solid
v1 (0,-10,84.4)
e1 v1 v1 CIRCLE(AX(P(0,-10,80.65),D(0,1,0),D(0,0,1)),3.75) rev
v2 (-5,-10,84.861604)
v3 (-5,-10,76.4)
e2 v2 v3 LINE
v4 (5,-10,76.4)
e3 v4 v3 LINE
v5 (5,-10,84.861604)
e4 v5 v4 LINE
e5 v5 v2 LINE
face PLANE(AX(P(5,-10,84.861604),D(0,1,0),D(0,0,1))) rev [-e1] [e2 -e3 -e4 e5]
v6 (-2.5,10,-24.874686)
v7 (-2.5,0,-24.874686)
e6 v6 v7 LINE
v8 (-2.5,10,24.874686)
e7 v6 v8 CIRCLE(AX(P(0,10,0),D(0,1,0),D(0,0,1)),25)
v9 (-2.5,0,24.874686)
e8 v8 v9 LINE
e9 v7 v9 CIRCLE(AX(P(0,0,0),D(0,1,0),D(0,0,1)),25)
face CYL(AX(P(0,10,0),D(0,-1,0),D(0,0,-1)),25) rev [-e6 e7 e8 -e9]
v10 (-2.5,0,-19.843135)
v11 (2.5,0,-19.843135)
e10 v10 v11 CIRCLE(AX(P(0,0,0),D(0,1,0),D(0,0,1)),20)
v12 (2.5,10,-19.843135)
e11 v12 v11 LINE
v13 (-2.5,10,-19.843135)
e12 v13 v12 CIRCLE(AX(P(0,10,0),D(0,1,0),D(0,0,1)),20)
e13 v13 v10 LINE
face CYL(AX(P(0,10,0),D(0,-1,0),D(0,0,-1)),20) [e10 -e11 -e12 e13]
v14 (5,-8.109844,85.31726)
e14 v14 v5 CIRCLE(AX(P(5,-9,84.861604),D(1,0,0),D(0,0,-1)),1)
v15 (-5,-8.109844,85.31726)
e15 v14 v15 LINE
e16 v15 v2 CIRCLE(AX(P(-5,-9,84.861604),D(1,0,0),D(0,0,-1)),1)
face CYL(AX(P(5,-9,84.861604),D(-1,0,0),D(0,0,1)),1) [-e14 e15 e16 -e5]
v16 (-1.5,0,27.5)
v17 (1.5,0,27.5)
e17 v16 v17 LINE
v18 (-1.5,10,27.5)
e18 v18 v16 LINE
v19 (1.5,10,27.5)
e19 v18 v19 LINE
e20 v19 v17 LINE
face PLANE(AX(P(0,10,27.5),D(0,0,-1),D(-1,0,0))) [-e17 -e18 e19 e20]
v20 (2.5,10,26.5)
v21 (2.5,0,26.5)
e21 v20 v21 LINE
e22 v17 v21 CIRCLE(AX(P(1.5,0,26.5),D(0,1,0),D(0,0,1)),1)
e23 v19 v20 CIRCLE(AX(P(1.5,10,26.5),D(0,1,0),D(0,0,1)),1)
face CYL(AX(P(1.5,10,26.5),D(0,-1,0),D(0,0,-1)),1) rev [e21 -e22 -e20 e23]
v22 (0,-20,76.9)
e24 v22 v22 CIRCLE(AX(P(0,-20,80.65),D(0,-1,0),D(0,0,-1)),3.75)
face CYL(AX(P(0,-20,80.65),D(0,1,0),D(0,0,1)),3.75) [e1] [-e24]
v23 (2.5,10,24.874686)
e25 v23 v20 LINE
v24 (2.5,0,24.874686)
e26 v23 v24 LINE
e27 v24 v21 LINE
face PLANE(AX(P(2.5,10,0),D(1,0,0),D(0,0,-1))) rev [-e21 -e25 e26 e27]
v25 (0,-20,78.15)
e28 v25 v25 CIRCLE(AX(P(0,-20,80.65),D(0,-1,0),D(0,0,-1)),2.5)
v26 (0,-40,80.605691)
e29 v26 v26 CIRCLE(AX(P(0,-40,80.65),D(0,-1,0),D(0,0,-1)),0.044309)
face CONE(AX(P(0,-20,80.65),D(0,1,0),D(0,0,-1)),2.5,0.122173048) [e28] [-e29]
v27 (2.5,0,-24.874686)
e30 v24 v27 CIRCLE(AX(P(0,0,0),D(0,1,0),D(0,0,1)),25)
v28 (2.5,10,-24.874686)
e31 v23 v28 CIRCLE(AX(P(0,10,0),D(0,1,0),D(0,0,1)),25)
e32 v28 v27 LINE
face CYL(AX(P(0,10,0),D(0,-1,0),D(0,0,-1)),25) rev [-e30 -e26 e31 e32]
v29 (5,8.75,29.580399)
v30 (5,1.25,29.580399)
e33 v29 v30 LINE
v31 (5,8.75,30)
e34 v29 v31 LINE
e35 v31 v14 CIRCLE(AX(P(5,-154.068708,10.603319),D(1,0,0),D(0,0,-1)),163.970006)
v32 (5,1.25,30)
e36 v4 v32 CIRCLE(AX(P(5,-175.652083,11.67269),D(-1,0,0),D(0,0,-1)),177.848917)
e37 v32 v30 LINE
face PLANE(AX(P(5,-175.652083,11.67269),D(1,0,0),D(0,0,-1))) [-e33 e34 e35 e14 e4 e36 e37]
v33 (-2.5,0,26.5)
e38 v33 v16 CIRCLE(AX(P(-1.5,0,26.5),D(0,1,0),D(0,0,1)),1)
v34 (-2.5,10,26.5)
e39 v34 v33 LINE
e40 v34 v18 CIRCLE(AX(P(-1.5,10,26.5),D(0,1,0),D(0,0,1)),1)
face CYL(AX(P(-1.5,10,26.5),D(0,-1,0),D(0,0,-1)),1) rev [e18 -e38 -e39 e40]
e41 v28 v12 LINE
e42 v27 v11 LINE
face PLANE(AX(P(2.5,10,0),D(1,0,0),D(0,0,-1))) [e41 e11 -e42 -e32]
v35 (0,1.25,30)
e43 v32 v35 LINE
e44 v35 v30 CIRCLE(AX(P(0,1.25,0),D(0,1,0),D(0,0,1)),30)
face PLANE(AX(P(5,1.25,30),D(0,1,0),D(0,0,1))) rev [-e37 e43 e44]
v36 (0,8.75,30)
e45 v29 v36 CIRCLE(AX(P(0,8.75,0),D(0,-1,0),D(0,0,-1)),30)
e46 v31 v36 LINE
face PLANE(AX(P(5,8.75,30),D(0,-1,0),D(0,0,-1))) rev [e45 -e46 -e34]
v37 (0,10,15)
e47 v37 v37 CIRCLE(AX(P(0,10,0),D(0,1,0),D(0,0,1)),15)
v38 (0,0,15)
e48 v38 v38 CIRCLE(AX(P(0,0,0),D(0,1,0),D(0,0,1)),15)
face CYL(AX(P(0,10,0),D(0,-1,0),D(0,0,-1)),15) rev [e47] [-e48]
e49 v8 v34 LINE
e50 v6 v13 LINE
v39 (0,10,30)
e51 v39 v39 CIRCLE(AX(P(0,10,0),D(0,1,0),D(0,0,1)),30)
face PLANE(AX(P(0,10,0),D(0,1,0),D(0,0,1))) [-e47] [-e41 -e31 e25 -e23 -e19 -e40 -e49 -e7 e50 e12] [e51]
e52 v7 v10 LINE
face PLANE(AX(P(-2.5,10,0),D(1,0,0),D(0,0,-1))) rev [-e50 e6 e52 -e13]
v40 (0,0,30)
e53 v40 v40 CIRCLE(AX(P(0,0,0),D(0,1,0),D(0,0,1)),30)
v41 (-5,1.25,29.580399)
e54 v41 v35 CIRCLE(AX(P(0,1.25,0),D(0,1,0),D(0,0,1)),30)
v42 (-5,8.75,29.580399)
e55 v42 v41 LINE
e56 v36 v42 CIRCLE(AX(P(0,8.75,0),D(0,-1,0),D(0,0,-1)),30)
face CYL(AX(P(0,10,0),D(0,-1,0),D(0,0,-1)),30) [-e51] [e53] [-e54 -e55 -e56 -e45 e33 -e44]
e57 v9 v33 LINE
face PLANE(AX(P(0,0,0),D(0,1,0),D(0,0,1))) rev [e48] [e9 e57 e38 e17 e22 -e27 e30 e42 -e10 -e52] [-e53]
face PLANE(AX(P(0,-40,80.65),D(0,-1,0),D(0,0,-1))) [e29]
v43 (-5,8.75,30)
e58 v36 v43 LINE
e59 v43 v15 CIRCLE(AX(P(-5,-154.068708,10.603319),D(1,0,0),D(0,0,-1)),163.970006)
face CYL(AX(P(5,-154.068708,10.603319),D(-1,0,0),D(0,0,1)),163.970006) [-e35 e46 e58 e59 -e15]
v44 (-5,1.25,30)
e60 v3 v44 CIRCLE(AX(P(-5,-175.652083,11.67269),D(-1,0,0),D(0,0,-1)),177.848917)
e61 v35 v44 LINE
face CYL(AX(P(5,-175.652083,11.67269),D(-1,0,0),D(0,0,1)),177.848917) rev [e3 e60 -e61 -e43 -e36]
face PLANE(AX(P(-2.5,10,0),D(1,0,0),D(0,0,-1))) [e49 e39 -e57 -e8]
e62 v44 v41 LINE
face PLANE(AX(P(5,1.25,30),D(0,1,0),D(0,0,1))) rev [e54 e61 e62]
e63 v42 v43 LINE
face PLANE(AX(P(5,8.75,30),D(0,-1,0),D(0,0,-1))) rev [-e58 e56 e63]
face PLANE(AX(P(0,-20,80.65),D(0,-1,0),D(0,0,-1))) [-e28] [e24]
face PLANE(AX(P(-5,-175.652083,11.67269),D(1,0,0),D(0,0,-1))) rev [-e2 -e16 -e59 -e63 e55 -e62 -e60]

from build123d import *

# Parameters (mm, degrees)
SKETCH1_R           = 30
SKETCH1_R_2         = 15
BOSS_EXTRUDE1_DEPTH = 10
BOSS_EXTRUDE2_DEPTH = 5
SKETCH3_R           = 3.75
BOSS_EXTRUDE3_DEPTH = 10
SKETCH5_R           = 2.5
BOSS_EXTRUDE4_DEPTH = 20
BOSS_EXTRUDE4_TAPER = 7


with BuildPart() as part:
    # Sketch1 → Boss-Extrude1 (new body)
    with BuildSketch(Plane(origin=(0, 0, 0), x_dir=(1, 0, 0), z_dir=(0, 1, 0))):
        Circle(SKETCH1_R)
        with BuildLine():
            ThreePointArc((-2.5, -24.874685928), (-25, 0), (-2.5, 24.874685928))
            Line((-2.5, 24.874685928), (-2.5, 19.843134833))
            ThreePointArc((-2.5, 19.843134833), (0, -20), (2.5, 19.843134833))
            Line((2.5, 19.843134833), (2.5, 24.874685928))
            ThreePointArc((2.5, 24.874685928), (25, 0), (2.5, -24.874685928))
            Line((2.5, -24.874685928), (2.5, -26.5))
            ThreePointArc((2.5, -26.5), (2.207106781, -27.207106781), (1.5, -27.5))
            Line((1.5, -27.5), (-1.5, -27.5))
            ThreePointArc((-1.5, -27.5), (-2.207106781, -27.207106781), (-2.5, -26.5))
            Line((-2.5, -26.5), (-2.5, -24.874685928))
        make_face(mode=Mode.SUBTRACT)
        Circle(SKETCH1_R_2, mode=Mode.SUBTRACT)
    extrude(amount=BOSS_EXTRUDE1_DEPTH)

    # Sketch2 → Boss-Extrude2 (add, symmetric)
    with BuildSketch(Plane(origin=(0, 0, 0), x_dir=(0, 0, -1), z_dir=(1, 0, 0))):
        with BuildLine():
            Line((-84.861603584, -10), (-76.4, -10))
            ThreePointArc((-76.4, -10), (-53.579230072, -2.810886638), (-30, 1.25))
            Line((-30, 1.25), (-27.5, 1.25))
            Line((-27.5, 1.25), (-27.5, 8.75))
            Line((-27.5, 8.75), (-30, 8.75))
            ThreePointArc((-30, 8.75), (-58.40777346, 2.778023012), (-85.317259729, -8.109844128))
            ThreePointArc((-85.317259729, -8.109844128), (-85.833754774, -9.234354569), (-84.861603584, -10))
        make_face()
    extrude(amount=BOSS_EXTRUDE2_DEPTH, both=True)

    # Sketch3 → Boss-Extrude3 (add)
    with BuildSketch(Plane(origin=(0, -10, 0), x_dir=(-1, 0, 0), z_dir=(0, -1, 0))):
        with Locations((0, -80.65)):
            Circle(SKETCH3_R)
    extrude(amount=BOSS_EXTRUDE3_DEPTH)

    # Sketch5 → Boss-Extrude4 (add)
    with BuildSketch(Plane(origin=(0, -20, 0), x_dir=(-1, 0, 0), z_dir=(0, -1, 0))):
        with Locations((0, -80.65)):
            Circle(SKETCH5_R)
    extrude(amount=BOSS_EXTRUDE4_DEPTH, taper=BOSS_EXTRUDE4_TAPER)


solid = part.part
